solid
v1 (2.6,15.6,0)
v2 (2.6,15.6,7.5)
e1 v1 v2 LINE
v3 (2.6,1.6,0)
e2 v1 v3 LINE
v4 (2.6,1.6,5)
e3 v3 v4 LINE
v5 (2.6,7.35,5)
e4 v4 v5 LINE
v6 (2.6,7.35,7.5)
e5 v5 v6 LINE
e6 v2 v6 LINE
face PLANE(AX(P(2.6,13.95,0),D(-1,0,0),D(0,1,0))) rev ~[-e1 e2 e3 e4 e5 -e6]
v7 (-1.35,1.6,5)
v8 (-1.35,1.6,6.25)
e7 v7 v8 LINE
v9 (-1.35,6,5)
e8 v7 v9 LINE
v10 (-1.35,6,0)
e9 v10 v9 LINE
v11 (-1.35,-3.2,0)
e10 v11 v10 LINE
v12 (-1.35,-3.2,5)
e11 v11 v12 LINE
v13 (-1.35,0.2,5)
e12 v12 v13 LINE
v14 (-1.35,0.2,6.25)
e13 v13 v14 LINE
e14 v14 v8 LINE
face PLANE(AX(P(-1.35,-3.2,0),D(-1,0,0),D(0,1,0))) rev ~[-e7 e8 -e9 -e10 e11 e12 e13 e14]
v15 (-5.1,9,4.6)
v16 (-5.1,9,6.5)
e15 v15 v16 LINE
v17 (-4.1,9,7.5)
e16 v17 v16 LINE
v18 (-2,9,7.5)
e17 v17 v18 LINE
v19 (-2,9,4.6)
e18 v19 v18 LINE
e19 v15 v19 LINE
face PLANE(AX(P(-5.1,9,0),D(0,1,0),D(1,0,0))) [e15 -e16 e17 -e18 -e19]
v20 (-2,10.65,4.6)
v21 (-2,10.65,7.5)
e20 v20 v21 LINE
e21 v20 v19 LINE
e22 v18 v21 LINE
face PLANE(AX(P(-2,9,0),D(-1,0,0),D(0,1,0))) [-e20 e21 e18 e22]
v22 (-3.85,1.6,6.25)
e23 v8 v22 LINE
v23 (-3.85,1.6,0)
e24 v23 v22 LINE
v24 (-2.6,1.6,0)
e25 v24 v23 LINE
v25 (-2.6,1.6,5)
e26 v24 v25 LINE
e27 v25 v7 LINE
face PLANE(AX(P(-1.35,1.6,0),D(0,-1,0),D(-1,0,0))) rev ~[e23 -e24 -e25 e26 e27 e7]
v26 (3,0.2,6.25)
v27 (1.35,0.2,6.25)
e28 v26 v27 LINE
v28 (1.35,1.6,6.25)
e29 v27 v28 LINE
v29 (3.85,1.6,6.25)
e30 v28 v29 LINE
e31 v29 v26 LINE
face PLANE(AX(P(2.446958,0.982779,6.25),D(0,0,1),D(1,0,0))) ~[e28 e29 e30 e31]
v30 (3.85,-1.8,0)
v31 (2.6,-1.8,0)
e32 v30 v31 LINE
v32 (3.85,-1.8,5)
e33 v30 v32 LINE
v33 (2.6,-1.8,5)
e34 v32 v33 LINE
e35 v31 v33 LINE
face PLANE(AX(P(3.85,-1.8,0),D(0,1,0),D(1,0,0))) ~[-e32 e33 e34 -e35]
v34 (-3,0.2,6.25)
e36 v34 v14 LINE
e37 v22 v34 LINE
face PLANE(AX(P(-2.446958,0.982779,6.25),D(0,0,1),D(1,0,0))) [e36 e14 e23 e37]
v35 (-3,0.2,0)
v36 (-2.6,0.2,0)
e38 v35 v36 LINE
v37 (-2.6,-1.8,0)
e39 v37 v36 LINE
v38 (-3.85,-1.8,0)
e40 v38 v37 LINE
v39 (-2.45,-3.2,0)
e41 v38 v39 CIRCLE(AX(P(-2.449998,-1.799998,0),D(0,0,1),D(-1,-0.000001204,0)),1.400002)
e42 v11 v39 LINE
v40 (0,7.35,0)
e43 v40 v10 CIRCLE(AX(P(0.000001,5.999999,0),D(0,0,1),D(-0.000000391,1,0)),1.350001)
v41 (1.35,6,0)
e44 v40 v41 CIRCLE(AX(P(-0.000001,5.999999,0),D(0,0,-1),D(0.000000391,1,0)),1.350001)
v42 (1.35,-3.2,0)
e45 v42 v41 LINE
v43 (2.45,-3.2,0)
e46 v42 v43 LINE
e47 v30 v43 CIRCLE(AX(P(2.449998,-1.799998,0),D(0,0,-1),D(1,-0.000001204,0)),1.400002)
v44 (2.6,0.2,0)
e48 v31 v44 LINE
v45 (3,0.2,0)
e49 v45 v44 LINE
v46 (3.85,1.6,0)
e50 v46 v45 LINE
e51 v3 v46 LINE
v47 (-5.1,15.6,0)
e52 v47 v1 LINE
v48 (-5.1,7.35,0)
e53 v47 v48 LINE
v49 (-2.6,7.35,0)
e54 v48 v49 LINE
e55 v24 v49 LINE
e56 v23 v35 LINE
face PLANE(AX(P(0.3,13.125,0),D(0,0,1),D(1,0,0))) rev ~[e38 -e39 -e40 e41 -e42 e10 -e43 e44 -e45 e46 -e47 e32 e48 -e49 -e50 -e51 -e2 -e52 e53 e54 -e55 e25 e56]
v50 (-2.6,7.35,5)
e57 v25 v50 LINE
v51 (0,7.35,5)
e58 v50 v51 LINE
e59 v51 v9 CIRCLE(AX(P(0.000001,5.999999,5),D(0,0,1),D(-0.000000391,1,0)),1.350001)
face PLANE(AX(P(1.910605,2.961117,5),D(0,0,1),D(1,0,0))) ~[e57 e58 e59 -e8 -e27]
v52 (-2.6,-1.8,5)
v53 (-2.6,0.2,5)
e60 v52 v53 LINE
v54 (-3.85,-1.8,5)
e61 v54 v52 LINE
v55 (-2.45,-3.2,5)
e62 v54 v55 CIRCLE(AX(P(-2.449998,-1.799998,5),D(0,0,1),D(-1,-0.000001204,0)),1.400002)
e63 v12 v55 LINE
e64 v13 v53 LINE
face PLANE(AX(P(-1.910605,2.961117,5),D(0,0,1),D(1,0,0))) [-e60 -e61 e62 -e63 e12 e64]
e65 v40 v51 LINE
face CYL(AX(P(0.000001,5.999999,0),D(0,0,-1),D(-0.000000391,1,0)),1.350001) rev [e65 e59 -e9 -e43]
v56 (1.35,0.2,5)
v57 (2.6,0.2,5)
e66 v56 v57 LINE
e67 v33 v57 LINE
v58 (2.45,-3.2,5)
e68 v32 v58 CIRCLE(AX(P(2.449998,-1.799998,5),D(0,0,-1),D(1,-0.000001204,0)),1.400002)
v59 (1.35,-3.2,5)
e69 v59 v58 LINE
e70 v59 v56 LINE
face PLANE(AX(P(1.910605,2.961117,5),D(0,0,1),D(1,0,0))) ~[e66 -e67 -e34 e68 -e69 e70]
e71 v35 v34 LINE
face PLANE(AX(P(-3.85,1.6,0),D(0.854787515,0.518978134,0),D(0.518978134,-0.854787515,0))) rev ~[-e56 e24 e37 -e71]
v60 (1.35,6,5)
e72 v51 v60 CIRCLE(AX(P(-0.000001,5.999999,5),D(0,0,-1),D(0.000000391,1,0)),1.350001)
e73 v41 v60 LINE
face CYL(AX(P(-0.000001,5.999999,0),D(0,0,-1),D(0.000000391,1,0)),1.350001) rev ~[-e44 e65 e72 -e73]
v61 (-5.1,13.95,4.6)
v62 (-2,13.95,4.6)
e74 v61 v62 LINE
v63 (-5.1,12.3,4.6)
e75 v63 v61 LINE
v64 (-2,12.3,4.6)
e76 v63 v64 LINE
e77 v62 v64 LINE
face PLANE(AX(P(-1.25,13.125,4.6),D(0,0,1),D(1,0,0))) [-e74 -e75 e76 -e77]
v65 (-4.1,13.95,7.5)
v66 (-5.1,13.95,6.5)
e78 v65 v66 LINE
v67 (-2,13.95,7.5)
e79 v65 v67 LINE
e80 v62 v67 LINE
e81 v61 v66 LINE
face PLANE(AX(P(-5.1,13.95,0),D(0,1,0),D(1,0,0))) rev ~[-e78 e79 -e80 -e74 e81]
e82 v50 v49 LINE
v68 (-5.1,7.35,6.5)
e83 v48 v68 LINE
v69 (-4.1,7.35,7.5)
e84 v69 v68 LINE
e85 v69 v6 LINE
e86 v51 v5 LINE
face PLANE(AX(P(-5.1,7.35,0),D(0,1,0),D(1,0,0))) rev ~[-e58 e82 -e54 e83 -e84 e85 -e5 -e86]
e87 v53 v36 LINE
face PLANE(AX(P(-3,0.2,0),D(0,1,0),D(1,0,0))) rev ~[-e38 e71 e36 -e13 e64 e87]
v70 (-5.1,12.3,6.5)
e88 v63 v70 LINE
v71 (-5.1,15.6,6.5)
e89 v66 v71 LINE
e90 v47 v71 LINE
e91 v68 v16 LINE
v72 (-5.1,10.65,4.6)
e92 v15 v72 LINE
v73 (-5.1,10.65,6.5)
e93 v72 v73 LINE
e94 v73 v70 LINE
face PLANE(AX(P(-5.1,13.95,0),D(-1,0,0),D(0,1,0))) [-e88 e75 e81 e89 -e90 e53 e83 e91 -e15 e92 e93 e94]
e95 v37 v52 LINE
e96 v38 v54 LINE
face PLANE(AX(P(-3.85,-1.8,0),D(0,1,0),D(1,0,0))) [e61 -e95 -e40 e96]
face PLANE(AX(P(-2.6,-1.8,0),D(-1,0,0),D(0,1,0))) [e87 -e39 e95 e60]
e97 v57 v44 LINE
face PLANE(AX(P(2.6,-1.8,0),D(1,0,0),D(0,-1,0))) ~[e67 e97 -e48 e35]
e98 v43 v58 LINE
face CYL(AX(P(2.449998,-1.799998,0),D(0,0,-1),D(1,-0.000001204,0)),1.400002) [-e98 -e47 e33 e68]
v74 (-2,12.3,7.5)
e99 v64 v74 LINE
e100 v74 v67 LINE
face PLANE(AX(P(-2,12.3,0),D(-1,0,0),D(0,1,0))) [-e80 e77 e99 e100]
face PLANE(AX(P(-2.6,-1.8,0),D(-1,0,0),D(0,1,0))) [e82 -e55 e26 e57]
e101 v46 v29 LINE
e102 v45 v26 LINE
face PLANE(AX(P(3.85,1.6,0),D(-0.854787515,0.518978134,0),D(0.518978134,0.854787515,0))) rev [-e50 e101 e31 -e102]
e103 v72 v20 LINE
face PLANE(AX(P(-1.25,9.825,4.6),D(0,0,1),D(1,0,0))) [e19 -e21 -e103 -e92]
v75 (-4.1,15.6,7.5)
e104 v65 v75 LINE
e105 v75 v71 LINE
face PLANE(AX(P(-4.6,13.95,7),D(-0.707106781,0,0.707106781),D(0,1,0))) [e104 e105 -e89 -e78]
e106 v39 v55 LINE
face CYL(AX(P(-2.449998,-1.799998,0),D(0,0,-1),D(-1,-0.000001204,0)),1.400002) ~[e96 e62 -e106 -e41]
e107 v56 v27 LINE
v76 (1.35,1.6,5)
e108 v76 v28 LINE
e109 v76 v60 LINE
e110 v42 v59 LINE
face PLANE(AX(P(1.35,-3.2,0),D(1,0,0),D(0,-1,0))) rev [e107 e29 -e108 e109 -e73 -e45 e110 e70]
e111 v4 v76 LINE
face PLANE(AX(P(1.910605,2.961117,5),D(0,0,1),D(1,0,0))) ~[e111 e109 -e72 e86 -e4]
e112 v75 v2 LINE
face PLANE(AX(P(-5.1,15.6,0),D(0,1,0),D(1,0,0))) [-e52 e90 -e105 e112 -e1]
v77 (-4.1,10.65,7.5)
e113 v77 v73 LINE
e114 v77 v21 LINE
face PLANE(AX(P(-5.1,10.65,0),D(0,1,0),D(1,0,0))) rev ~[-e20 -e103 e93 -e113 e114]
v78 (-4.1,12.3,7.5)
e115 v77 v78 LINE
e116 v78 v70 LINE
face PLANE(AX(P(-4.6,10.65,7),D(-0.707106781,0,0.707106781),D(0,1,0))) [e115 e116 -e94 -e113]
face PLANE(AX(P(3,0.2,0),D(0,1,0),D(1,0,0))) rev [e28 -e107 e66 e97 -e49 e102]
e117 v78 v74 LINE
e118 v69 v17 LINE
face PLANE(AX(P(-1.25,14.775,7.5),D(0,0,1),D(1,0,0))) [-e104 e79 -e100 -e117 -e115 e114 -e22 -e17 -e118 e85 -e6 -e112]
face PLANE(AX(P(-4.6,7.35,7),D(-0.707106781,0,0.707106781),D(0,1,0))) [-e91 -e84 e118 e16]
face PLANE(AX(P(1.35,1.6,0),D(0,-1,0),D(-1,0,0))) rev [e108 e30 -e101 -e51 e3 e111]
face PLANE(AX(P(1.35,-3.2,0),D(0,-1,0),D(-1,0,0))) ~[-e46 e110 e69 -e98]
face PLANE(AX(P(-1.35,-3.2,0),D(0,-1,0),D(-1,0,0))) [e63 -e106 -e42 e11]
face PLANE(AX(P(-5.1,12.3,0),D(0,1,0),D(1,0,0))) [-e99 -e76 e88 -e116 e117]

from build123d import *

# Parameters (mm, degrees)
PAD017_DEPTH           = 5
PAD020_DEPTH           = 6.25
SKETCH059_W            = 7.7
SKETCH059_H            = 1.65
PAD029_DEPTH           = 7.5
SKETCH056_W            = 7.7
SKETCH056_H            = 1.65
PAD030_DEPTH           = 4.6
SKETCH058_W            = 7.7
SKETCH058_H            = 1.65
PAD031_DEPTH           = 7.5
SKETCH057_W            = 4.6
SKETCH057_H            = 1.65
PAD032_DEPTH           = 7.5
LINEARPATTERN012_COUNT = 2
LINEARPATTERN012_PITCH = 3.3
CHAMFER002_SIZE        = 1


with BuildPart() as bc_c:
    # Sketch034 → Pad017 (new body)
    with BuildSketch(Plane.XY):
        with BuildLine():
            Line((-1.35, -1.8), (-1.35, 6))
            ThreePointArc((0, 7.35), (-0.954594, 6.954594), (-1.35, 6))
            Line((0, 9), (0, 7.35))
            Line((-2.6, 9), (0, 9))
            Line((-2.6, -1.8), (-2.6, 9))
            Line((-3.85, -1.8), (-2.6, -1.8))
            ThreePointArc((-3.85, -1.8), (-3.439949, -2.789949), (-2.45, -3.2))
            Line((-1.35, -3.2), (-2.45, -3.2))
            Line((-1.35, -1.8), (-1.35, -3.2))
        make_face()
    extrude(amount=PAD017_DEPTH)

    # Sketch037 → Pad020 (join)
    with BuildSketch(Plane.XY):
        Polygon((-1.35, 0.2), (-1.35, 1.6), (-2.6, 1.6), (-3.85, 1.6), (-3, 0.2), (-2.6, 0.2), align=None)
    extrude(amount=PAD020_DEPTH)


with BuildPart() as bc_s_mirrored:
    # Mirror001: instance of _bc_c
    add(bc_c.part.mirror(Plane(origin=(0, 0, 0), x_dir=(0, 1, 0), z_dir=(-1, 0, 0))))


with BuildPart() as body015:
    # Fusion001 base: copy of _bc_c
    add(bc_c.part)

    # Fusion001: union _bc_s(mirrored)
    add(bc_s_mirrored.part)

    # Sketch059 → Pad029 (new body)
    with BuildSketch(Plane.XY):
        with Locations((-1.25, 8.175)):
            Rectangle(SKETCH059_W, SKETCH059_H)
    extrude(amount=PAD029_DEPTH)

    # Sketch056 → Pad030 (join)
    with BuildSketch(Plane.XY):
        with Locations((-1.25, 9.825)):
            Rectangle(SKETCH056_W, SKETCH056_H)
    pad030 = extrude(amount=PAD030_DEPTH)

    # Sketch058 → Pad031 (join)
    with BuildSketch(Plane.XY):
        with Locations((-1.25, 11.475)):
            Rectangle(SKETCH058_W, SKETCH058_H)
    pad031 = extrude(amount=PAD031_DEPTH)

    # Sketch057 → Pad032 (join)
    with BuildSketch(Plane.XY):
        with Locations((0.3, 9.825)):
            Rectangle(SKETCH057_W, SKETCH057_H)
    pad032 = extrude(amount=PAD032_DEPTH)

    # LinearPattern012: Pad030, Pad031, Pad032 ×2
    with Locations(*[(0, i * LINEARPATTERN012_PITCH, 0) for i in range(1, LINEARPATTERN012_COUNT)]):
        add(pad030)
        add(pad031)
        add(pad032)

    # Chamfer002
    chamfer002_edges = [body015.edges().sort_by_distance(p)[0] for p in [
        (-5.1, 14.775, 7.5),
        (-5.1, 11.475, 7.5),
        (-5.1, 8.175, 7.5),
    ]]
    chamfer(chamfer002_edges, length=CHAMFER002_SIZE)


solid = body015.part
